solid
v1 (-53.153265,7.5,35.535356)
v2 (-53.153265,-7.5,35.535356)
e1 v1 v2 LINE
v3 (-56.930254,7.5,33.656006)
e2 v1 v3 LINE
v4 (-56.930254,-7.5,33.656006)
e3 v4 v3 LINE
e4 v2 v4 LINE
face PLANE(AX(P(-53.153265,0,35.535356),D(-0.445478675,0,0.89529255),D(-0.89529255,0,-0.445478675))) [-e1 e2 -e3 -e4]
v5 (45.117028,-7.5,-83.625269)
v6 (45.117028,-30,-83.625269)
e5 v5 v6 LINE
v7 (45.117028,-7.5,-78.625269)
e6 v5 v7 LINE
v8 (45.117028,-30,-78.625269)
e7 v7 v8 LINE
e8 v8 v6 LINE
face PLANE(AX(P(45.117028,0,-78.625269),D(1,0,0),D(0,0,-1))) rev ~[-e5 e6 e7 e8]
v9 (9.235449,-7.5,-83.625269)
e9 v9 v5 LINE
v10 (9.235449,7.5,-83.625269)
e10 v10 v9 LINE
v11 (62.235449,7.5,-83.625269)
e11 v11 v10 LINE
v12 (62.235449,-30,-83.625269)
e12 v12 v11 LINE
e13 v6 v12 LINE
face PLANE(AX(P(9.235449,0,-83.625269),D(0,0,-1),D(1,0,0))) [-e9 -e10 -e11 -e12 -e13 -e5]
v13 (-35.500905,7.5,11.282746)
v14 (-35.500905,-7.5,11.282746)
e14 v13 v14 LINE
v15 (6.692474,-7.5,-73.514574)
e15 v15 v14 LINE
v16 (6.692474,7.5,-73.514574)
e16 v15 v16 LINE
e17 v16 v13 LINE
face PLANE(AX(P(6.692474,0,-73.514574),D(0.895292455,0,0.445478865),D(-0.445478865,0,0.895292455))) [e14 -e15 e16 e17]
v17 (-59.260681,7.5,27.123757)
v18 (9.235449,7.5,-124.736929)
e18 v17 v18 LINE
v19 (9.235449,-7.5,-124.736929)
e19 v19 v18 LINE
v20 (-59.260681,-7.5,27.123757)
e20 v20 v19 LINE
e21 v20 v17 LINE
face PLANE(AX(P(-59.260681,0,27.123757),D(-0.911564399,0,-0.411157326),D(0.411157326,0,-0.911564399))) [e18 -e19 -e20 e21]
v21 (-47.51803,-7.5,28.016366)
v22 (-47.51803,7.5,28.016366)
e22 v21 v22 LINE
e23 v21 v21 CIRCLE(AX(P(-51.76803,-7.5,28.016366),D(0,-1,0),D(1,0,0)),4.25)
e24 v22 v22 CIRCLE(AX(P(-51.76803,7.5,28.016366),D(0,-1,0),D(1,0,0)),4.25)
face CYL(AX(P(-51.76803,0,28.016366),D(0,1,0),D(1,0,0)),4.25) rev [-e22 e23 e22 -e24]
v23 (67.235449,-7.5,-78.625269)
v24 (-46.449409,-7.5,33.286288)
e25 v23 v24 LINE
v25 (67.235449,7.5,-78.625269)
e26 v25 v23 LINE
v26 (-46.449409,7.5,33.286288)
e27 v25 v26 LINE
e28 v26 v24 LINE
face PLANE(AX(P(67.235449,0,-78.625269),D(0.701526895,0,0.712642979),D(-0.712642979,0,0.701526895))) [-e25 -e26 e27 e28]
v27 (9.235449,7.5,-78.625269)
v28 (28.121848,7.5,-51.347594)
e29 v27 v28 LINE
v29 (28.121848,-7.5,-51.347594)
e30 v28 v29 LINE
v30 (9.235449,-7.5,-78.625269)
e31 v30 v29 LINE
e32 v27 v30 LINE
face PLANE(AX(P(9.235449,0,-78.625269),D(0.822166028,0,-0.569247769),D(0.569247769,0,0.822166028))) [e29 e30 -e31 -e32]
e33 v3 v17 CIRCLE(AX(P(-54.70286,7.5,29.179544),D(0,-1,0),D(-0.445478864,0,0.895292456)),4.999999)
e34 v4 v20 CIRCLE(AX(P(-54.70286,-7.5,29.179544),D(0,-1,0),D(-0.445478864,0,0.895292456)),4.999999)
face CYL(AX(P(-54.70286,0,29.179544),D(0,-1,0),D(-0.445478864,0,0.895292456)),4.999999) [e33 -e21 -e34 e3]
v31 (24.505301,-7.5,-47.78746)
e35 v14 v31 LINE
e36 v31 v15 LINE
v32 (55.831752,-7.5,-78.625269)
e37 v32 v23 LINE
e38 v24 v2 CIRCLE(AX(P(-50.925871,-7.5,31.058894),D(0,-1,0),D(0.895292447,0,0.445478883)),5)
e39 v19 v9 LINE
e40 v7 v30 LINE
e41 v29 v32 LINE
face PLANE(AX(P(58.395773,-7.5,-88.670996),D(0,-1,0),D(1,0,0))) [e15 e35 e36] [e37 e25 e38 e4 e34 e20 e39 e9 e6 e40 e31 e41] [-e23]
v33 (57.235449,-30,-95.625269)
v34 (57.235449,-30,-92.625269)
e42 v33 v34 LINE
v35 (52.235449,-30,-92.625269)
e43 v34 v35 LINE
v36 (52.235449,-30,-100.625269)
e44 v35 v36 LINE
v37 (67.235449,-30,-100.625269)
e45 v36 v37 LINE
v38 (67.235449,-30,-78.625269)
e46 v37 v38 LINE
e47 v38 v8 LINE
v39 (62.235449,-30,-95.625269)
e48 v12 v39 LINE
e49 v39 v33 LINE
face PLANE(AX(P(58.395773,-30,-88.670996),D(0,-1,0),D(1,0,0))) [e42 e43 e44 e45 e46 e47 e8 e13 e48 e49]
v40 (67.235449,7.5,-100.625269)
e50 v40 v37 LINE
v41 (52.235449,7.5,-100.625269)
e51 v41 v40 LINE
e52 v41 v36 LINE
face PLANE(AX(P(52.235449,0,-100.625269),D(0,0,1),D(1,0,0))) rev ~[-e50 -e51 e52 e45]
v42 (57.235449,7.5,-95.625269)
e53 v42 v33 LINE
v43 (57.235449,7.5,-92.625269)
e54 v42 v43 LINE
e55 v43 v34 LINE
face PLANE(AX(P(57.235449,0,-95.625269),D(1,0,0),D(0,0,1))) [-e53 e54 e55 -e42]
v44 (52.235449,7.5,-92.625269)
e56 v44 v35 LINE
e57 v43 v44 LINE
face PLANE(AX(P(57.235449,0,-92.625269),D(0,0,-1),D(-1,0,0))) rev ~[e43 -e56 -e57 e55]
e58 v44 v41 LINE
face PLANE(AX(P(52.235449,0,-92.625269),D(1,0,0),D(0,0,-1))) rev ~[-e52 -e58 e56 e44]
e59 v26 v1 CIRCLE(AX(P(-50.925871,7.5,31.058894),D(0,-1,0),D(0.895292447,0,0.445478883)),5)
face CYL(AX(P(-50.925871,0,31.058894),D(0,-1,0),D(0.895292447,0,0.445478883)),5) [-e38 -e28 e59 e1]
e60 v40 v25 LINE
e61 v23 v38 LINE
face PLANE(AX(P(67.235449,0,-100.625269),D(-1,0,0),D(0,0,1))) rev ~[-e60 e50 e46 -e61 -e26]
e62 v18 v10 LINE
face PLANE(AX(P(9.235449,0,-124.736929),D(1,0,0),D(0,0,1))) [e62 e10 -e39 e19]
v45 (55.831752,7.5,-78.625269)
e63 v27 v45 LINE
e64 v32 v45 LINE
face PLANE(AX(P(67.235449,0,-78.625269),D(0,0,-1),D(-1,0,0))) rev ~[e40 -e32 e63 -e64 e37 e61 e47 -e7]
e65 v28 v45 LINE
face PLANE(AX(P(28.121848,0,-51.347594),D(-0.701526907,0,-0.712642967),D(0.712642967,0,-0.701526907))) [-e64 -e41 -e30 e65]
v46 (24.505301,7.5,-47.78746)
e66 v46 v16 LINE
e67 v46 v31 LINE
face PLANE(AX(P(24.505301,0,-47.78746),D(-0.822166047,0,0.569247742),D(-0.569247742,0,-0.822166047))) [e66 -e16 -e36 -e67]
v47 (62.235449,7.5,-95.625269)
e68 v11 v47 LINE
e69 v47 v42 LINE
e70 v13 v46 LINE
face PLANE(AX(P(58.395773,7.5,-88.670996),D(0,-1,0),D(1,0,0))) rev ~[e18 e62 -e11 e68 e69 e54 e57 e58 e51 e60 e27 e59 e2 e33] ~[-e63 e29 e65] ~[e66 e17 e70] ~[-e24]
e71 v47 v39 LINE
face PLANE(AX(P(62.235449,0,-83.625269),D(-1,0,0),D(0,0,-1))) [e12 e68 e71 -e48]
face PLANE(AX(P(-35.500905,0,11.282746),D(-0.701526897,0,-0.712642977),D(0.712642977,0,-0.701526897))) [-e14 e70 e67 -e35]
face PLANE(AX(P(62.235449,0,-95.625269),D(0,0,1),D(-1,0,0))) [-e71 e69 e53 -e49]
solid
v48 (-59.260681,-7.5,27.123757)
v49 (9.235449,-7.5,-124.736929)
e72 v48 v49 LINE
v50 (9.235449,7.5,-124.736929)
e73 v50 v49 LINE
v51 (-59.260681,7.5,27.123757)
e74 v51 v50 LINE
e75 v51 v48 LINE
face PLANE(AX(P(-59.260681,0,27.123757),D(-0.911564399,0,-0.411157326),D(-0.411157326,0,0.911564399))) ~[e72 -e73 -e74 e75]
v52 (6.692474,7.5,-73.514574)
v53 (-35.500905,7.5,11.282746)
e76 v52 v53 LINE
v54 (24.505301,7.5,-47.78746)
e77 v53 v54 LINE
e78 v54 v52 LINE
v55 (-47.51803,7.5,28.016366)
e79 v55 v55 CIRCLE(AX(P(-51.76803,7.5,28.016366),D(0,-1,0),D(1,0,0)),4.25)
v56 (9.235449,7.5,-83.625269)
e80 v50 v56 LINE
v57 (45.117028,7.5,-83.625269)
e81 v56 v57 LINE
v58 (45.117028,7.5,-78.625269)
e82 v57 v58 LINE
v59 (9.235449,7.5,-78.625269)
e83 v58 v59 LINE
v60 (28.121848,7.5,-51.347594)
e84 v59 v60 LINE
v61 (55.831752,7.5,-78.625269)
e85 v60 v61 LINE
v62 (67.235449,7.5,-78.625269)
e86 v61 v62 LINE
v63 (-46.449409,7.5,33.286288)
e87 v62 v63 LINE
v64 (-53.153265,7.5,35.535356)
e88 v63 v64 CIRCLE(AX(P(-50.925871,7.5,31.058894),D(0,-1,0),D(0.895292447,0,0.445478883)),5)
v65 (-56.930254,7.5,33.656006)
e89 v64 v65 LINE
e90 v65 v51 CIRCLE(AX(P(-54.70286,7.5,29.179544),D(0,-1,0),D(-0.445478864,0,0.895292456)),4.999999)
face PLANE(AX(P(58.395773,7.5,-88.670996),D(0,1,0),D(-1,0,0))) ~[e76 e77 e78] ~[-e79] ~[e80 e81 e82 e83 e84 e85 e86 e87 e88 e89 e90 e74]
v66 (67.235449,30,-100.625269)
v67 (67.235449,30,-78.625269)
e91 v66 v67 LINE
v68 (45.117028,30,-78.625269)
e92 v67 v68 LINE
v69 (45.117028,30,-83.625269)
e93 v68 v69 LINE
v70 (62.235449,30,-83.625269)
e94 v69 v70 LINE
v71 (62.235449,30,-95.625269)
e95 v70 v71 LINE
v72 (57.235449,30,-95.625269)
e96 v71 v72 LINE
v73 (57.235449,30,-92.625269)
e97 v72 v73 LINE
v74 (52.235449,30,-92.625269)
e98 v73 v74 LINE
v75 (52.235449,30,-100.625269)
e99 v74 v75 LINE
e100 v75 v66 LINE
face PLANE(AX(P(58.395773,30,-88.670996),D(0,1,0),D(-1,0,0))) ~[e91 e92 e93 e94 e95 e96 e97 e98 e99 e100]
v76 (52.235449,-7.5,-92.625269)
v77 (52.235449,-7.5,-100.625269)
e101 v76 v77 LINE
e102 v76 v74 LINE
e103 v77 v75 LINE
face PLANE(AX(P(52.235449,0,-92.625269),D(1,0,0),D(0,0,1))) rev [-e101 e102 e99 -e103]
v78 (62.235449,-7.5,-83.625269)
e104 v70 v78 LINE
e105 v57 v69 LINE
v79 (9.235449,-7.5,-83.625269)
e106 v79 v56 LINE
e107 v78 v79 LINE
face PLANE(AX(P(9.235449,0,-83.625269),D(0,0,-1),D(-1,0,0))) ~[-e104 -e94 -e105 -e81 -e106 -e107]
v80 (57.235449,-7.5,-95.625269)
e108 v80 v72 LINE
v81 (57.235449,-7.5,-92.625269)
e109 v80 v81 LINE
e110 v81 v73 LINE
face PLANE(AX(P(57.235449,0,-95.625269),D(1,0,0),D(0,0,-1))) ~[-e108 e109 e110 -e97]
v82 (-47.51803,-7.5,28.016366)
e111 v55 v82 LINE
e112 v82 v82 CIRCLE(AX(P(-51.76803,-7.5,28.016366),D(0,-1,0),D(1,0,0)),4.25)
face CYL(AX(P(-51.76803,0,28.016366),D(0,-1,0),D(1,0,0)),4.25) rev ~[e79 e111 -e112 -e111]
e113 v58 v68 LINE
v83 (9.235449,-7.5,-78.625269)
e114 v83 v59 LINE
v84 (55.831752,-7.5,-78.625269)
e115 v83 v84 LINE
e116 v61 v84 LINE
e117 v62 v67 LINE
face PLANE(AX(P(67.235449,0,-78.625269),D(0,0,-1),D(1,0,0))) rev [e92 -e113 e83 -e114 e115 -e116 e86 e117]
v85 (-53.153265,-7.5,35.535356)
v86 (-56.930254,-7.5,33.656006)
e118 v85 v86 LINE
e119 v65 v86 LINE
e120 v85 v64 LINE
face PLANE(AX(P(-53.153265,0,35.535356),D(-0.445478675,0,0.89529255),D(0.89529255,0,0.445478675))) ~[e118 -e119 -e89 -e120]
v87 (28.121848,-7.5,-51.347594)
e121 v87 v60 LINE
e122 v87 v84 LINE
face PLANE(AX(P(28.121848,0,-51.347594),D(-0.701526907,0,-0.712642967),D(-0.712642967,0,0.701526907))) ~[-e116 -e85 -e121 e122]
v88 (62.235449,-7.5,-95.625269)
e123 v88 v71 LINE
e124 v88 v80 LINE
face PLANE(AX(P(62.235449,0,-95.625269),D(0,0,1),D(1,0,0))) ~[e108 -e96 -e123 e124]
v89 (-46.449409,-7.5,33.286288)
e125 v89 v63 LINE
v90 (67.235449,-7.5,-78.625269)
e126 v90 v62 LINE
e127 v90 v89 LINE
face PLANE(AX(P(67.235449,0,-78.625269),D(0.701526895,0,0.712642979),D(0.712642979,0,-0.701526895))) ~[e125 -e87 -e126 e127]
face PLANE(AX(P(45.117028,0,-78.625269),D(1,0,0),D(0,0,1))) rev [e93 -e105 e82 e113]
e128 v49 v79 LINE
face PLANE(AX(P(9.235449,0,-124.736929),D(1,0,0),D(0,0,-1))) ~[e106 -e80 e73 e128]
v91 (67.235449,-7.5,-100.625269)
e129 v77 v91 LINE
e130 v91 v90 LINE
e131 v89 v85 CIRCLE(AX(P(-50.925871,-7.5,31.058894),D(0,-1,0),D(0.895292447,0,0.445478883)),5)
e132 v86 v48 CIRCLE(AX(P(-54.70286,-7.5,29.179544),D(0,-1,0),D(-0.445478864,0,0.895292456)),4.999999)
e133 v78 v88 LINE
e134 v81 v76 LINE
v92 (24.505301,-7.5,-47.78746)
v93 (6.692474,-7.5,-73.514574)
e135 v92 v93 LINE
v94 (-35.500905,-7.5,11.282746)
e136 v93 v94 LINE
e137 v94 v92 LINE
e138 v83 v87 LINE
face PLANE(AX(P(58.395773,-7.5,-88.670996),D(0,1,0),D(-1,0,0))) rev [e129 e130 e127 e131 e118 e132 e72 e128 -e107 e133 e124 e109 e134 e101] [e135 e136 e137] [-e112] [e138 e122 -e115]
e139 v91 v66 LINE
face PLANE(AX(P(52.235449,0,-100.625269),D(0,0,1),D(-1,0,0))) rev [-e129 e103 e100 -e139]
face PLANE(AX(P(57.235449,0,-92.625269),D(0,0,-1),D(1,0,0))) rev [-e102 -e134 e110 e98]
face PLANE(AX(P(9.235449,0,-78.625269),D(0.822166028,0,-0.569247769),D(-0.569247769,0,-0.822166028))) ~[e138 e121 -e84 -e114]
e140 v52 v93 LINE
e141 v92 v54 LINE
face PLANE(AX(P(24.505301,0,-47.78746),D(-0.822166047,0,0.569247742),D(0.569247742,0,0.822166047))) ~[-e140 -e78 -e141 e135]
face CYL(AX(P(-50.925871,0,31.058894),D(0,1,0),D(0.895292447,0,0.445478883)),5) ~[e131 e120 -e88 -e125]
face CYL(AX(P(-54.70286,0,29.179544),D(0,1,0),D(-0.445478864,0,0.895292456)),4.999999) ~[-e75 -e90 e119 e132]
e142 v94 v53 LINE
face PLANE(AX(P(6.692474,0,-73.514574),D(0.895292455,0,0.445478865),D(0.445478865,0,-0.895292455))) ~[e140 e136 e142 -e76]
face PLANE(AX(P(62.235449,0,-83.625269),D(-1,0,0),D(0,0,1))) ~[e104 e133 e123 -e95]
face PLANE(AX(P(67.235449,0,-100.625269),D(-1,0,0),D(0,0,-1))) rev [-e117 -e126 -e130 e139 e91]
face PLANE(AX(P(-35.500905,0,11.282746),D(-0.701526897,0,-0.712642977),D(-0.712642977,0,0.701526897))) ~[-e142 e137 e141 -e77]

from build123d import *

# Parameters (mm, degrees)
F0_R     = 4.25
F1_DEPTH = 7.5
F2_DEPTH = 7.5
F3_DEPTH = 30


with BuildPart() as f1:
    # F0 (on Front) → F1 (new body, symmetric)
    with BuildSketch(Plane.XZ):
        with BuildLine():
            Line((9.235449, -124.736929), (9.235449, -83.625269))
            Line((9.235449, -83.625269), (45.117028, -83.625269))
            Line((45.117028, -83.625269), (45.117028, -78.625269))
            Line((45.117028, -78.625269), (9.235449, -78.625269))
            Line((9.235449, -78.625269), (6.692474, -73.514574))
            Line((6.692474, -73.514574), (-35.500905, 11.282746))
            Line((-35.500905, 11.282746), (-46.449409, 33.286288))
            ThreePointArc((-46.449409, 33.286288), (-49.33554, 35.799236), (-53.153265, 35.535356))
            Line((-53.153265, 35.535356), (-56.930254, 33.656006))
            ThreePointArc((-56.930254, 33.656006), (-59.412144, 30.859615), (-59.260681, 27.123757))
            Line((-59.260681, 27.123757), (9.235449, -124.736929))
        make_face()
        with Locations((-51.76803, 28.016366)):
            Circle(F0_R, mode=Mode.SUBTRACT)
        Polygon((28.121848, -51.347594), (55.831752, -78.625269), (67.235449, -78.625269), (-46.449409, 33.286288), (-35.500905, 11.282746), (24.505301, -47.78746), align=None)
        Polygon((6.692474, -73.514574), (9.235449, -78.625269), (28.121848, -51.347594), (24.505301, -47.78746), align=None)
    extrude(amount=F1_DEPTH, both=True)

    # F0 (on Front) → F2 (join, symmetric)
    with BuildSketch(Plane.XZ):
        Polygon((45.117028, -78.625269), (45.117028, -83.625269), (62.235449, -83.625269), (62.235449, -95.625269), (57.235449, -95.625269), (57.235449, -92.625269), (52.235449, -92.625269), (52.235449, -100.625269), (67.235449, -100.625269), (67.235449, -78.625269), (55.831752, -78.625269), align=None)
        with BuildLine():
            Line((9.235449, -124.736929), (9.235449, -83.625269))
            Line((9.235449, -83.625269), (45.117028, -83.625269))
            Line((45.117028, -83.625269), (45.117028, -78.625269))
            Line((45.117028, -78.625269), (9.235449, -78.625269))
            Line((9.235449, -78.625269), (6.692474, -73.514574))
            Line((6.692474, -73.514574), (-35.500905, 11.282746))
            Line((-35.500905, 11.282746), (-46.449409, 33.286288))
            ThreePointArc((-46.449409, 33.286288), (-49.33554, 35.799236), (-53.153265, 35.535356))
            Line((-53.153265, 35.535356), (-56.930254, 33.656006))
            ThreePointArc((-56.930254, 33.656006), (-59.412144, 30.859615), (-59.260681, 27.123757))
            Line((-59.260681, 27.123757), (9.235449, -124.736929))
        make_face()
        with Locations((-51.76803, 28.016366)):
            Circle(F0_R, mode=Mode.SUBTRACT)
    extrude(amount=F2_DEPTH, both=True)

    # F0 (on Front) → F3 (join)
    with BuildSketch(Plane.XZ):
        Polygon((45.117028, -78.625269), (45.117028, -83.625269), (62.235449, -83.625269), (62.235449, -95.625269), (57.235449, -95.625269), (57.235449, -92.625269), (52.235449, -92.625269), (52.235449, -100.625269), (67.235449, -100.625269), (67.235449, -78.625269), (55.831752, -78.625269), align=None)
    extrude(amount=F3_DEPTH)


with BuildPart() as f4_1:
    # F4: instance of F1
    add(f1.part.mirror(Plane.XZ))


solid = Compound([f1.part, f4_1.part])
